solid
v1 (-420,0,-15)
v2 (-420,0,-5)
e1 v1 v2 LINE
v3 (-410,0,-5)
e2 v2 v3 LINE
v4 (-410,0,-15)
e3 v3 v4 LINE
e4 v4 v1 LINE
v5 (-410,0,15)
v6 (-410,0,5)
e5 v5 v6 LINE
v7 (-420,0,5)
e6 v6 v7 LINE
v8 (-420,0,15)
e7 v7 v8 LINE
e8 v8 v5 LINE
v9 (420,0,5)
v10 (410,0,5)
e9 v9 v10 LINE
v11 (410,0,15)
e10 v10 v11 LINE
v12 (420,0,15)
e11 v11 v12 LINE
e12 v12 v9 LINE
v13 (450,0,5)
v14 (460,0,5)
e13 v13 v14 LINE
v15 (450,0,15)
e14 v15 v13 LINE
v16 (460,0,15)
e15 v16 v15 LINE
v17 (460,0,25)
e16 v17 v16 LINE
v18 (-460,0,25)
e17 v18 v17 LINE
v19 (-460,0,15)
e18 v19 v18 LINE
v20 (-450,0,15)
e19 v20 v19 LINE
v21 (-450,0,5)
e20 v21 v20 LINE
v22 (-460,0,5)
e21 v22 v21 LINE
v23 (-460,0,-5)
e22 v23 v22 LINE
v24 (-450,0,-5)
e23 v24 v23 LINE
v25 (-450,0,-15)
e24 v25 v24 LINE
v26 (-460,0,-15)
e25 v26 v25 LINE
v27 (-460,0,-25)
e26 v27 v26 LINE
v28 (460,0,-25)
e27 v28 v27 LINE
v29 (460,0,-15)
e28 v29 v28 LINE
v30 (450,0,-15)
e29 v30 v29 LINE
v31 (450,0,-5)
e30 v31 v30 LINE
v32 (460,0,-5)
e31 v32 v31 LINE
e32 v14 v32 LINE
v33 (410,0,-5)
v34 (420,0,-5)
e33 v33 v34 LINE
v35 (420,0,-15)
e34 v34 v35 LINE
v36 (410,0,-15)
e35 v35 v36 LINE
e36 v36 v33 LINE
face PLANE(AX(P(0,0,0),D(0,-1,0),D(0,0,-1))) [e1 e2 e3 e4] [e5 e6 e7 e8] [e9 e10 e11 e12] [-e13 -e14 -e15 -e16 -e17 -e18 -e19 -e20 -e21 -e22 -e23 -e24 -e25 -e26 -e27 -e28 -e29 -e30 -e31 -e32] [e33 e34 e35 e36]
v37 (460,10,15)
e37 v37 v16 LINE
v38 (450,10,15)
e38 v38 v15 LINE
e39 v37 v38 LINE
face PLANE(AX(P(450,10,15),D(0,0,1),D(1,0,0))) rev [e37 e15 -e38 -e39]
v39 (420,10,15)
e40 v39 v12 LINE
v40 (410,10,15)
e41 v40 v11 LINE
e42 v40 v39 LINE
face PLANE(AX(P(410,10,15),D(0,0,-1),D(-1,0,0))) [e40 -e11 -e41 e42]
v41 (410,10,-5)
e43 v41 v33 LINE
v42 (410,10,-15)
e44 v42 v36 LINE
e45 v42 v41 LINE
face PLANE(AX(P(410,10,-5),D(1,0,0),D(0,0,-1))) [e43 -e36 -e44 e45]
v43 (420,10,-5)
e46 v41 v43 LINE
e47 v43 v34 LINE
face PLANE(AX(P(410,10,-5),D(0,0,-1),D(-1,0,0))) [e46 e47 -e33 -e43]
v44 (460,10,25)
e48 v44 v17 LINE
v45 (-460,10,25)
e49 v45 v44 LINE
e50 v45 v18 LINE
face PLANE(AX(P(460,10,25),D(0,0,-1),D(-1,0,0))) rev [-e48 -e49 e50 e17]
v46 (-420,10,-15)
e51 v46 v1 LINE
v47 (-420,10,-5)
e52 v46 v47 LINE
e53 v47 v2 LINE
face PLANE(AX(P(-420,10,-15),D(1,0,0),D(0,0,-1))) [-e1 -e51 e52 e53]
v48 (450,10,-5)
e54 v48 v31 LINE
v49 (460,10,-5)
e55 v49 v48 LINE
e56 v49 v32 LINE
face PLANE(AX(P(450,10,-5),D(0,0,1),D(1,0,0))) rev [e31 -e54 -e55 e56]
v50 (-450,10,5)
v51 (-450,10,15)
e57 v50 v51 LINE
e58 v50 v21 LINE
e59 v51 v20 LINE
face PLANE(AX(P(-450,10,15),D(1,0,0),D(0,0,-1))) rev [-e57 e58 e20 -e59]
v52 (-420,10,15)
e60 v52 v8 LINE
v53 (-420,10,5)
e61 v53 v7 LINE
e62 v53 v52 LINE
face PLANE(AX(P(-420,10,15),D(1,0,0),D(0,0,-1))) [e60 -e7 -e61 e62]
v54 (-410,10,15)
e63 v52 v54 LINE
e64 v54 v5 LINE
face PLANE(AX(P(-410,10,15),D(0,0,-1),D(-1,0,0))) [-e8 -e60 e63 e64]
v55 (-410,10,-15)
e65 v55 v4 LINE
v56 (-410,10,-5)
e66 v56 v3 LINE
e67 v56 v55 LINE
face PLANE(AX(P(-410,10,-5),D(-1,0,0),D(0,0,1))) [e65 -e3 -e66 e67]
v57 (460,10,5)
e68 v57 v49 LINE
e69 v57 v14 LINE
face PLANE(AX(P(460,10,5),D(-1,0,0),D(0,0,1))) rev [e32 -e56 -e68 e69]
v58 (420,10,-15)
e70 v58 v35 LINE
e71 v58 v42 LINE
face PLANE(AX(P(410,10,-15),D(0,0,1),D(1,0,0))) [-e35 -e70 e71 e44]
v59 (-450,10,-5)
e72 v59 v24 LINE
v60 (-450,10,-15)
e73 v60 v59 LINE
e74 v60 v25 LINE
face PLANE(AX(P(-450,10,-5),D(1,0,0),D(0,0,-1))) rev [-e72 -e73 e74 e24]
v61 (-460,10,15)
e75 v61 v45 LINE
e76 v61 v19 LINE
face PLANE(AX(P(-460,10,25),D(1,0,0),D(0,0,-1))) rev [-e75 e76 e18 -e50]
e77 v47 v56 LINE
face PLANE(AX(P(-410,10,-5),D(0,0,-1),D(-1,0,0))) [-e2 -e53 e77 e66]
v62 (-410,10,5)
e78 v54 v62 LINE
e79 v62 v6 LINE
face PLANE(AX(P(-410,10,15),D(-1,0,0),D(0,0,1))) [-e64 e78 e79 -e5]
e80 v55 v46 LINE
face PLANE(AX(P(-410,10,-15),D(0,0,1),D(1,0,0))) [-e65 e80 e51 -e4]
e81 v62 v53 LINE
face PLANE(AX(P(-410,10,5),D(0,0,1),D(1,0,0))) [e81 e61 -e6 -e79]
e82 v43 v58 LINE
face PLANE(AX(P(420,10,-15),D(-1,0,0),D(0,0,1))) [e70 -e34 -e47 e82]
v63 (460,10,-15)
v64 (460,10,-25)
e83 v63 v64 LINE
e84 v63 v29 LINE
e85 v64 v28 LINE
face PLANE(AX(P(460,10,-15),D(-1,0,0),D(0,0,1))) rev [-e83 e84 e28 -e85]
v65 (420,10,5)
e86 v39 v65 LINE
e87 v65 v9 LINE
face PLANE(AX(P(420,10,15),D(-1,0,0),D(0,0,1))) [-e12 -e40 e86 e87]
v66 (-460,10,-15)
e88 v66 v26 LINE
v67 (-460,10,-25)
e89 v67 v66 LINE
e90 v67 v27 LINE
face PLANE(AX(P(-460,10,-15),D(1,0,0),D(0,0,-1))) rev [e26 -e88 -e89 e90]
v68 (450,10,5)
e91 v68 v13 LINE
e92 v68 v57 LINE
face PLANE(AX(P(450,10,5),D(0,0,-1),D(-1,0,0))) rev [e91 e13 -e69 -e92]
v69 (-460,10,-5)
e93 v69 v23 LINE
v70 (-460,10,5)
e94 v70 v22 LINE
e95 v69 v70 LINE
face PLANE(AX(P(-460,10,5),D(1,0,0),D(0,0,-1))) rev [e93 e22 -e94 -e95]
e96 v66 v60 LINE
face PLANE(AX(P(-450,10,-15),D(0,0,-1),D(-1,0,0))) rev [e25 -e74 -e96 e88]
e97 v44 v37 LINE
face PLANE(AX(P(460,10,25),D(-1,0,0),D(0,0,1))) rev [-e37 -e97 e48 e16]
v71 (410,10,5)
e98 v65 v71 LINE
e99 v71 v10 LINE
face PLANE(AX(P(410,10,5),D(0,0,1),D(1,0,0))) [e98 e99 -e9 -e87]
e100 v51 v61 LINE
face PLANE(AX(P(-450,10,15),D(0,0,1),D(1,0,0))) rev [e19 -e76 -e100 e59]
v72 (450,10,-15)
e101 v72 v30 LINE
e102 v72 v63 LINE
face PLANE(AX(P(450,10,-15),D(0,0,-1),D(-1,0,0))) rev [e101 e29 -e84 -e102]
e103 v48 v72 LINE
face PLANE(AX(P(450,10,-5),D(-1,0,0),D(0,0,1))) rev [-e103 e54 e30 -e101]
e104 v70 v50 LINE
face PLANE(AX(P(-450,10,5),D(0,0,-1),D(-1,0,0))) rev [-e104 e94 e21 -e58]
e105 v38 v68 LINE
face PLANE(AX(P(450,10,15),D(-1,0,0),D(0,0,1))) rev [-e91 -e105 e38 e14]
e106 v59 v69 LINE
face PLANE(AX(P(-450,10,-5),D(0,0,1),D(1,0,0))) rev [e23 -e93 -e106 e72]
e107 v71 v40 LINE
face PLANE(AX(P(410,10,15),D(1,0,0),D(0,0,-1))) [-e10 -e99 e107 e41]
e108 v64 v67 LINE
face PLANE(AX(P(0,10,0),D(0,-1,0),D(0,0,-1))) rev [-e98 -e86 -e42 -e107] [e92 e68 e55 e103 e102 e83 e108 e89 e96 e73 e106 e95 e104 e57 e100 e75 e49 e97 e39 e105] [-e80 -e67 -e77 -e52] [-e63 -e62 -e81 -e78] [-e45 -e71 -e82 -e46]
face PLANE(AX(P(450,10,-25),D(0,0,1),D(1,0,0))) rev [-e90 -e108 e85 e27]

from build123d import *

# Parameters (mm, degrees)
SKETCH_1_W      = 10
SKETCH_1_H      = 10
EXTRUDE_1_DEPTH = 10


with BuildPart() as part:
    # Эскиз1 → Бобышка-Вытянуть1 (new body)
    with BuildSketch(Plane(origin=(0, 0, 0), x_dir=(1, 0, 0), z_dir=(0, 1, 0))):
        Polygon((-450, 5), (-450, 15), (-460, 15), (-460, 25), (-450, 25), (450, 25), (460, 25), (460, 15), (450, 15), (450, 5), (460, 5), (460, -5), (450, -5), (450, -15), (460, -15), (460, -25), (450, -25), (-450, -25), (-460, -25), (-460, -15), (-450, -15), (-450, -5), (-460, -5), (-460, 5), align=None)
        with Locations((-415, -10)):
            Rectangle(SKETCH_1_W, SKETCH_1_H, mode=Mode.SUBTRACT)
        with Locations((-415, 10)):
            Rectangle(SKETCH_1_W, SKETCH_1_H, mode=Mode.SUBTRACT)
        with Locations((415, 10)):
            Rectangle(SKETCH_1_W, SKETCH_1_H, mode=Mode.SUBTRACT)
        with Locations((415, -10)):
            Rectangle(SKETCH_1_W, SKETCH_1_H, mode=Mode.SUBTRACT)
    extrude(amount=EXTRUDE_1_DEPTH)


solid = part.part
